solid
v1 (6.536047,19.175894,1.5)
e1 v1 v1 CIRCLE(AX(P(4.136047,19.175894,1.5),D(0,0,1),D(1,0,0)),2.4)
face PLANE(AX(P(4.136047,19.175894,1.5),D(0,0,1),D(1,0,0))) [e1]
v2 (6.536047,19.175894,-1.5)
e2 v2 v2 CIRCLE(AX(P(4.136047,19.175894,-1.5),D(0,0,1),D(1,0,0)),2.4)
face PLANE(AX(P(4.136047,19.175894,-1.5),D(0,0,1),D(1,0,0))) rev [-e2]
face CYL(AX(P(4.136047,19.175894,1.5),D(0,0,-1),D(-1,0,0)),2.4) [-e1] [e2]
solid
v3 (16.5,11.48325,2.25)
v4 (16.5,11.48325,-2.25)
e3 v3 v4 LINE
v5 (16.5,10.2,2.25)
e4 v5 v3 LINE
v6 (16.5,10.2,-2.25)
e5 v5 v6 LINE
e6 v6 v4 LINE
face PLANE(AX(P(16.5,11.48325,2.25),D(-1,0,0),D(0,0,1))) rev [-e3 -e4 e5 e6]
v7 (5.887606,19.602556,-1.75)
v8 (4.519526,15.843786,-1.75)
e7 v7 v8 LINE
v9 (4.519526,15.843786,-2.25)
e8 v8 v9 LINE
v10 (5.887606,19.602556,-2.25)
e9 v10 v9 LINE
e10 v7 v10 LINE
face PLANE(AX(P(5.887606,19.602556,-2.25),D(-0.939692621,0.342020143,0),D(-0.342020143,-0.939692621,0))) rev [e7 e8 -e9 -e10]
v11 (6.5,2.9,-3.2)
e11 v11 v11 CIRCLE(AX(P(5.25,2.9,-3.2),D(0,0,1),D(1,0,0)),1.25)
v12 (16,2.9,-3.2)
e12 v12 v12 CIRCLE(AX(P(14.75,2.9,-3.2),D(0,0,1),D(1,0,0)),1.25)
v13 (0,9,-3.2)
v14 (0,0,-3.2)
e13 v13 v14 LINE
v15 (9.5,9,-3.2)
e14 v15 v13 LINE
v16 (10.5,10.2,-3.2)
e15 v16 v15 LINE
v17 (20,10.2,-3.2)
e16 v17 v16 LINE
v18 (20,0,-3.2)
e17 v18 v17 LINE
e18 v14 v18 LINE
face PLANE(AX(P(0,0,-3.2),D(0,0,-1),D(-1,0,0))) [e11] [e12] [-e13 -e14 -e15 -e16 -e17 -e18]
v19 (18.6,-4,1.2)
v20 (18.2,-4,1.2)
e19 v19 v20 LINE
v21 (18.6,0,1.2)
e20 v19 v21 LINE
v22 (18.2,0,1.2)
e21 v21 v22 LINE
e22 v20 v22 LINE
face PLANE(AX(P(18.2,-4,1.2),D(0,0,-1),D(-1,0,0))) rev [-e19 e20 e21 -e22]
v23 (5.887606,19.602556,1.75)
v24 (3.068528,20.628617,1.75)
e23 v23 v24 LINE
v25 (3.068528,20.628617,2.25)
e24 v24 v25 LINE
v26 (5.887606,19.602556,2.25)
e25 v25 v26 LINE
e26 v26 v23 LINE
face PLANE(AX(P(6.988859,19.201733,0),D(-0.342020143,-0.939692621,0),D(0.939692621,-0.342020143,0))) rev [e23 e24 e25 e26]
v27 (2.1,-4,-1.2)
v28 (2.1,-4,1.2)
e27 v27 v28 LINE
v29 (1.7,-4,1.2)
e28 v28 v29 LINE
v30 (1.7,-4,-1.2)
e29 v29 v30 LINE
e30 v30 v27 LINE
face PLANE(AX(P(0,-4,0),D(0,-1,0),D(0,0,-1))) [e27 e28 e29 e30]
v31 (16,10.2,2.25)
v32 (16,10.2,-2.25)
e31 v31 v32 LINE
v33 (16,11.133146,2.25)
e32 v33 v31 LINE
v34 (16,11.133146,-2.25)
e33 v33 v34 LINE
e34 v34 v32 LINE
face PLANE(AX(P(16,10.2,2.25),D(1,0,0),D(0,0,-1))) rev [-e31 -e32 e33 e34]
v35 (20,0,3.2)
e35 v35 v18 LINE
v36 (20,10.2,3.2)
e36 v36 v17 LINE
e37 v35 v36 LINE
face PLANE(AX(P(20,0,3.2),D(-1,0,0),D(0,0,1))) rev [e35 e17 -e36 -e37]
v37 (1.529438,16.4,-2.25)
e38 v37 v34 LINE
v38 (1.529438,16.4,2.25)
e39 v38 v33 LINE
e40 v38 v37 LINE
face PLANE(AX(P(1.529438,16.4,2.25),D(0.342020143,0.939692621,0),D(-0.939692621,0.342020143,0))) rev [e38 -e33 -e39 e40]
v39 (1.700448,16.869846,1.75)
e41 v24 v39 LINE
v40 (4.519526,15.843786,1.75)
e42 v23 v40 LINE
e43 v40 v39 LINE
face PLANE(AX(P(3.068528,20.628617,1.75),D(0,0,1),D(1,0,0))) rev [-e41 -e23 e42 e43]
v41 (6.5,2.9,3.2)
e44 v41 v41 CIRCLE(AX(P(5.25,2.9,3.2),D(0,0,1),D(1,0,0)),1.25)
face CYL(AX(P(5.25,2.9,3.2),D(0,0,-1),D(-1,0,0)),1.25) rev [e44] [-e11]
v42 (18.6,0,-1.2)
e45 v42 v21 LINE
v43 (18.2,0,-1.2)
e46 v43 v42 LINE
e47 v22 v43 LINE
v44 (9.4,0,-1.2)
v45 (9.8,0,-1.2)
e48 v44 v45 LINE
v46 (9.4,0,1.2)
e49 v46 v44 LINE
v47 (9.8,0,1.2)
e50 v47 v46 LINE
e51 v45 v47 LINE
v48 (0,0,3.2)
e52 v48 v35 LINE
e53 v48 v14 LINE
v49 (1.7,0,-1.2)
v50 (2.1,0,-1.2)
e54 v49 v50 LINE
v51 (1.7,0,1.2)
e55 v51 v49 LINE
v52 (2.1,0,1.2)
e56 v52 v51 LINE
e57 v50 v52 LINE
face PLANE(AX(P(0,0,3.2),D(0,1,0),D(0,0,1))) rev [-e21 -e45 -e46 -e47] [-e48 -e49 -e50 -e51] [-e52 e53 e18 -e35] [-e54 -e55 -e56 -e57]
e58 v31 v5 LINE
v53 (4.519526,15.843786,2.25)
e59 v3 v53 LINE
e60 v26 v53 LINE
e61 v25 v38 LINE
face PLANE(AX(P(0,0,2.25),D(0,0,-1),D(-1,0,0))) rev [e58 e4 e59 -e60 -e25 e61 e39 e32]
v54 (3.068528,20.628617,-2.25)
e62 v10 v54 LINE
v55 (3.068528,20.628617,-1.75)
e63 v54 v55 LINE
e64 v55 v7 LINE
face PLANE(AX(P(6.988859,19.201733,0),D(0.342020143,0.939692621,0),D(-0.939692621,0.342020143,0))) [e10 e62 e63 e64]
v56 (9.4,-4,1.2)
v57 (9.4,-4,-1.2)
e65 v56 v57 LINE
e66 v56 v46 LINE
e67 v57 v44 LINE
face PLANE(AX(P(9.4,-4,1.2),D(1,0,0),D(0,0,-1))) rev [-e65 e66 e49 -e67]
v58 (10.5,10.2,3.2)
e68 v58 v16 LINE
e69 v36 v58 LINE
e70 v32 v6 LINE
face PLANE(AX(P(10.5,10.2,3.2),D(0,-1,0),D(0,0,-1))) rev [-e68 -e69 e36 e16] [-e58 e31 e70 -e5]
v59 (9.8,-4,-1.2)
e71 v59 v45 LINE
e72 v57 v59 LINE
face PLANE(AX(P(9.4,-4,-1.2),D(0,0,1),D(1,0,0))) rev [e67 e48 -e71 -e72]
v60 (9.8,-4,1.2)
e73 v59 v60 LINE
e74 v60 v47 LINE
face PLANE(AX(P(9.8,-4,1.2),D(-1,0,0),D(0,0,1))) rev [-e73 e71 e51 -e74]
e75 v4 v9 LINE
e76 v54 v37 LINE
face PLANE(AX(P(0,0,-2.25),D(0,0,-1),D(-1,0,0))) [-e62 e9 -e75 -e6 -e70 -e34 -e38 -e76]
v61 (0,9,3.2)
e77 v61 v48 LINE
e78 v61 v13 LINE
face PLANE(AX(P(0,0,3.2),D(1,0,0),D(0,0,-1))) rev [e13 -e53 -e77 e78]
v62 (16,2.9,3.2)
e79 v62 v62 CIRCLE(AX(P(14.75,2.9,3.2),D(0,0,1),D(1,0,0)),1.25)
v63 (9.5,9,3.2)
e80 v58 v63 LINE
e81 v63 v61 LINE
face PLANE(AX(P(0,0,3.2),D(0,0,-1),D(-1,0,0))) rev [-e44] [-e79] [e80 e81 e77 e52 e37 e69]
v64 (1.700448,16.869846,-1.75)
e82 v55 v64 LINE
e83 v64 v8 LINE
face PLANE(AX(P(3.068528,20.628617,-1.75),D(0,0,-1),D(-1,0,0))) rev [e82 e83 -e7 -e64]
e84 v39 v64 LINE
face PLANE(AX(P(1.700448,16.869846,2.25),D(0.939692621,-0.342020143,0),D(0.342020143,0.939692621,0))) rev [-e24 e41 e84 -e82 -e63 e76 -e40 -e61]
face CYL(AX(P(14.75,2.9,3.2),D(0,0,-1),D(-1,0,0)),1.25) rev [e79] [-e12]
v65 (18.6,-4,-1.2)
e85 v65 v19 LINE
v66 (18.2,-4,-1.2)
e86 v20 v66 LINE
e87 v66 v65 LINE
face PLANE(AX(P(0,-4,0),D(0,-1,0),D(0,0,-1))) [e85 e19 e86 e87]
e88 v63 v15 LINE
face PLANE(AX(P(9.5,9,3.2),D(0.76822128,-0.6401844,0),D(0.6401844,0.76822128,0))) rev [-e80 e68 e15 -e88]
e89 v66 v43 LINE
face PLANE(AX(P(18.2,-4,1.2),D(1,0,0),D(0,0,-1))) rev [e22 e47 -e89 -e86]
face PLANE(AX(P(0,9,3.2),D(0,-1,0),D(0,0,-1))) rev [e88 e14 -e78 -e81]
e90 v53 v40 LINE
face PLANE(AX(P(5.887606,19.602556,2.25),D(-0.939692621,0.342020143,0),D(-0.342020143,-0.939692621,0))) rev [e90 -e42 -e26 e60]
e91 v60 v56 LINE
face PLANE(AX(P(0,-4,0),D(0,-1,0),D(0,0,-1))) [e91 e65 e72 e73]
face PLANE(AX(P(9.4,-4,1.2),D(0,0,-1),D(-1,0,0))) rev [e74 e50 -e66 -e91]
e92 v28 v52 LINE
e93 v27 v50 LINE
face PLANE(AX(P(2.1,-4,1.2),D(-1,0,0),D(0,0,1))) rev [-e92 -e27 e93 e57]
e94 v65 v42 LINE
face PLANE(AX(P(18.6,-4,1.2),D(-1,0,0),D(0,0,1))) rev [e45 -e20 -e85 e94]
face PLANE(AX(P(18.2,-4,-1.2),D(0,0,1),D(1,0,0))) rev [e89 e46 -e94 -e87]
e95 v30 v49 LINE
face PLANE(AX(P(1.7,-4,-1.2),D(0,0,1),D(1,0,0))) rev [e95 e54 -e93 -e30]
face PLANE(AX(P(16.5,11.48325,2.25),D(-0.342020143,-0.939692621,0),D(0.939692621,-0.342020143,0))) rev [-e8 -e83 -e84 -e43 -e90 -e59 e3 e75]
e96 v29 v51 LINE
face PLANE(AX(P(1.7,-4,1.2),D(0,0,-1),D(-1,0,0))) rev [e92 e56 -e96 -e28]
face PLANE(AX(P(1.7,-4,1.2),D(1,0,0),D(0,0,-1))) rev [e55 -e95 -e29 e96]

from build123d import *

# Parameters (mm, degrees)
CROQUIS1_R              = 1.25
SALIENTE_EXTRUIR1_DEPTH = 3.2
CROQUIS2_W              = 0.4
CROQUIS2_H              = 2.4
SALIENTE_EXTRUIR2_DEPTH = 4
SALIENTE_EXTRUIR3_DEPTH = 2.25
CROQUIS4_W              = 3
CROQUIS4_H              = 0.5
SALIENTE_EXTRUIR4_DEPTH = 4
CROQUIS5_R              = 2.4
SALIENTE_EXTRUIR5_DEPTH = 1.5


with BuildPart() as part:
    # Croquis1 → Saliente-Extruir1 (new body, symmetric)
    with BuildSketch(Plane.XY):
        Polygon((0, 9), (9.5, 9), (10.5, 10.2), (20, 10.2), (20, 0), (0, 0), align=None)
        with Locations((5.25, 2.9)):
            Circle(CROQUIS1_R, mode=Mode.SUBTRACT)
        with Locations((14.75, 2.9)):
            Circle(CROQUIS1_R, mode=Mode.SUBTRACT)
    extrude(amount=SALIENTE_EXTRUIR1_DEPTH, both=True)

    # Croquis2 → Saliente-Extruir2 (add)
    with BuildSketch(Plane.XZ):
        with Locations((1.9, 0)):
            Rectangle(CROQUIS2_W, CROQUIS2_H)
        with Locations((9.6, 0)):
            Rectangle(CROQUIS2_W, CROQUIS2_H)
        with Locations((18.4, 0)):
            Rectangle(CROQUIS2_W, CROQUIS2_H)
    extrude(amount=SALIENTE_EXTRUIR2_DEPTH)

    # Croquis3 → Saliente-Extruir3 (add, symmetric)
    with BuildSketch(Plane.XY):
        Polygon((16, 10.2), (16, 11.133146081), (1.529437785, 16.4), (1.700447857, 16.86984631), (16.5, 11.48324985), (16.5, 10.2), align=None)
    extrude(amount=SALIENTE_EXTRUIR3_DEPTH, both=True)

    # Croquis4 → Saliente-Extruir4 (add)
    with BuildSketch(Plane(origin=(5.620778705, 15.442962573, 0), x_dir=(0.939692621, -0.342020143, 0), z_dir=(0.342020143, 0.939692621, 0))):
        with Locations((-2.67192895, 2)):
            Rectangle(CROQUIS4_W, CROQUIS4_H)
        with Locations((-2.67192895, -2)):
            Rectangle(CROQUIS4_W, CROQUIS4_H)
    extrude(amount=SALIENTE_EXTRUIR4_DEPTH)


with BuildPart() as body_2:
    # Croquis5 → Saliente-Extruir5 (new body, symmetric)
    with BuildSketch(Plane.XY):
        with Locations((4.136047218, 19.175893958)):
            Circle(CROQUIS5_R)
    extrude(amount=SALIENTE_EXTRUIR5_DEPTH, both=True)


solid = Compound([part.part, body_2.part])
